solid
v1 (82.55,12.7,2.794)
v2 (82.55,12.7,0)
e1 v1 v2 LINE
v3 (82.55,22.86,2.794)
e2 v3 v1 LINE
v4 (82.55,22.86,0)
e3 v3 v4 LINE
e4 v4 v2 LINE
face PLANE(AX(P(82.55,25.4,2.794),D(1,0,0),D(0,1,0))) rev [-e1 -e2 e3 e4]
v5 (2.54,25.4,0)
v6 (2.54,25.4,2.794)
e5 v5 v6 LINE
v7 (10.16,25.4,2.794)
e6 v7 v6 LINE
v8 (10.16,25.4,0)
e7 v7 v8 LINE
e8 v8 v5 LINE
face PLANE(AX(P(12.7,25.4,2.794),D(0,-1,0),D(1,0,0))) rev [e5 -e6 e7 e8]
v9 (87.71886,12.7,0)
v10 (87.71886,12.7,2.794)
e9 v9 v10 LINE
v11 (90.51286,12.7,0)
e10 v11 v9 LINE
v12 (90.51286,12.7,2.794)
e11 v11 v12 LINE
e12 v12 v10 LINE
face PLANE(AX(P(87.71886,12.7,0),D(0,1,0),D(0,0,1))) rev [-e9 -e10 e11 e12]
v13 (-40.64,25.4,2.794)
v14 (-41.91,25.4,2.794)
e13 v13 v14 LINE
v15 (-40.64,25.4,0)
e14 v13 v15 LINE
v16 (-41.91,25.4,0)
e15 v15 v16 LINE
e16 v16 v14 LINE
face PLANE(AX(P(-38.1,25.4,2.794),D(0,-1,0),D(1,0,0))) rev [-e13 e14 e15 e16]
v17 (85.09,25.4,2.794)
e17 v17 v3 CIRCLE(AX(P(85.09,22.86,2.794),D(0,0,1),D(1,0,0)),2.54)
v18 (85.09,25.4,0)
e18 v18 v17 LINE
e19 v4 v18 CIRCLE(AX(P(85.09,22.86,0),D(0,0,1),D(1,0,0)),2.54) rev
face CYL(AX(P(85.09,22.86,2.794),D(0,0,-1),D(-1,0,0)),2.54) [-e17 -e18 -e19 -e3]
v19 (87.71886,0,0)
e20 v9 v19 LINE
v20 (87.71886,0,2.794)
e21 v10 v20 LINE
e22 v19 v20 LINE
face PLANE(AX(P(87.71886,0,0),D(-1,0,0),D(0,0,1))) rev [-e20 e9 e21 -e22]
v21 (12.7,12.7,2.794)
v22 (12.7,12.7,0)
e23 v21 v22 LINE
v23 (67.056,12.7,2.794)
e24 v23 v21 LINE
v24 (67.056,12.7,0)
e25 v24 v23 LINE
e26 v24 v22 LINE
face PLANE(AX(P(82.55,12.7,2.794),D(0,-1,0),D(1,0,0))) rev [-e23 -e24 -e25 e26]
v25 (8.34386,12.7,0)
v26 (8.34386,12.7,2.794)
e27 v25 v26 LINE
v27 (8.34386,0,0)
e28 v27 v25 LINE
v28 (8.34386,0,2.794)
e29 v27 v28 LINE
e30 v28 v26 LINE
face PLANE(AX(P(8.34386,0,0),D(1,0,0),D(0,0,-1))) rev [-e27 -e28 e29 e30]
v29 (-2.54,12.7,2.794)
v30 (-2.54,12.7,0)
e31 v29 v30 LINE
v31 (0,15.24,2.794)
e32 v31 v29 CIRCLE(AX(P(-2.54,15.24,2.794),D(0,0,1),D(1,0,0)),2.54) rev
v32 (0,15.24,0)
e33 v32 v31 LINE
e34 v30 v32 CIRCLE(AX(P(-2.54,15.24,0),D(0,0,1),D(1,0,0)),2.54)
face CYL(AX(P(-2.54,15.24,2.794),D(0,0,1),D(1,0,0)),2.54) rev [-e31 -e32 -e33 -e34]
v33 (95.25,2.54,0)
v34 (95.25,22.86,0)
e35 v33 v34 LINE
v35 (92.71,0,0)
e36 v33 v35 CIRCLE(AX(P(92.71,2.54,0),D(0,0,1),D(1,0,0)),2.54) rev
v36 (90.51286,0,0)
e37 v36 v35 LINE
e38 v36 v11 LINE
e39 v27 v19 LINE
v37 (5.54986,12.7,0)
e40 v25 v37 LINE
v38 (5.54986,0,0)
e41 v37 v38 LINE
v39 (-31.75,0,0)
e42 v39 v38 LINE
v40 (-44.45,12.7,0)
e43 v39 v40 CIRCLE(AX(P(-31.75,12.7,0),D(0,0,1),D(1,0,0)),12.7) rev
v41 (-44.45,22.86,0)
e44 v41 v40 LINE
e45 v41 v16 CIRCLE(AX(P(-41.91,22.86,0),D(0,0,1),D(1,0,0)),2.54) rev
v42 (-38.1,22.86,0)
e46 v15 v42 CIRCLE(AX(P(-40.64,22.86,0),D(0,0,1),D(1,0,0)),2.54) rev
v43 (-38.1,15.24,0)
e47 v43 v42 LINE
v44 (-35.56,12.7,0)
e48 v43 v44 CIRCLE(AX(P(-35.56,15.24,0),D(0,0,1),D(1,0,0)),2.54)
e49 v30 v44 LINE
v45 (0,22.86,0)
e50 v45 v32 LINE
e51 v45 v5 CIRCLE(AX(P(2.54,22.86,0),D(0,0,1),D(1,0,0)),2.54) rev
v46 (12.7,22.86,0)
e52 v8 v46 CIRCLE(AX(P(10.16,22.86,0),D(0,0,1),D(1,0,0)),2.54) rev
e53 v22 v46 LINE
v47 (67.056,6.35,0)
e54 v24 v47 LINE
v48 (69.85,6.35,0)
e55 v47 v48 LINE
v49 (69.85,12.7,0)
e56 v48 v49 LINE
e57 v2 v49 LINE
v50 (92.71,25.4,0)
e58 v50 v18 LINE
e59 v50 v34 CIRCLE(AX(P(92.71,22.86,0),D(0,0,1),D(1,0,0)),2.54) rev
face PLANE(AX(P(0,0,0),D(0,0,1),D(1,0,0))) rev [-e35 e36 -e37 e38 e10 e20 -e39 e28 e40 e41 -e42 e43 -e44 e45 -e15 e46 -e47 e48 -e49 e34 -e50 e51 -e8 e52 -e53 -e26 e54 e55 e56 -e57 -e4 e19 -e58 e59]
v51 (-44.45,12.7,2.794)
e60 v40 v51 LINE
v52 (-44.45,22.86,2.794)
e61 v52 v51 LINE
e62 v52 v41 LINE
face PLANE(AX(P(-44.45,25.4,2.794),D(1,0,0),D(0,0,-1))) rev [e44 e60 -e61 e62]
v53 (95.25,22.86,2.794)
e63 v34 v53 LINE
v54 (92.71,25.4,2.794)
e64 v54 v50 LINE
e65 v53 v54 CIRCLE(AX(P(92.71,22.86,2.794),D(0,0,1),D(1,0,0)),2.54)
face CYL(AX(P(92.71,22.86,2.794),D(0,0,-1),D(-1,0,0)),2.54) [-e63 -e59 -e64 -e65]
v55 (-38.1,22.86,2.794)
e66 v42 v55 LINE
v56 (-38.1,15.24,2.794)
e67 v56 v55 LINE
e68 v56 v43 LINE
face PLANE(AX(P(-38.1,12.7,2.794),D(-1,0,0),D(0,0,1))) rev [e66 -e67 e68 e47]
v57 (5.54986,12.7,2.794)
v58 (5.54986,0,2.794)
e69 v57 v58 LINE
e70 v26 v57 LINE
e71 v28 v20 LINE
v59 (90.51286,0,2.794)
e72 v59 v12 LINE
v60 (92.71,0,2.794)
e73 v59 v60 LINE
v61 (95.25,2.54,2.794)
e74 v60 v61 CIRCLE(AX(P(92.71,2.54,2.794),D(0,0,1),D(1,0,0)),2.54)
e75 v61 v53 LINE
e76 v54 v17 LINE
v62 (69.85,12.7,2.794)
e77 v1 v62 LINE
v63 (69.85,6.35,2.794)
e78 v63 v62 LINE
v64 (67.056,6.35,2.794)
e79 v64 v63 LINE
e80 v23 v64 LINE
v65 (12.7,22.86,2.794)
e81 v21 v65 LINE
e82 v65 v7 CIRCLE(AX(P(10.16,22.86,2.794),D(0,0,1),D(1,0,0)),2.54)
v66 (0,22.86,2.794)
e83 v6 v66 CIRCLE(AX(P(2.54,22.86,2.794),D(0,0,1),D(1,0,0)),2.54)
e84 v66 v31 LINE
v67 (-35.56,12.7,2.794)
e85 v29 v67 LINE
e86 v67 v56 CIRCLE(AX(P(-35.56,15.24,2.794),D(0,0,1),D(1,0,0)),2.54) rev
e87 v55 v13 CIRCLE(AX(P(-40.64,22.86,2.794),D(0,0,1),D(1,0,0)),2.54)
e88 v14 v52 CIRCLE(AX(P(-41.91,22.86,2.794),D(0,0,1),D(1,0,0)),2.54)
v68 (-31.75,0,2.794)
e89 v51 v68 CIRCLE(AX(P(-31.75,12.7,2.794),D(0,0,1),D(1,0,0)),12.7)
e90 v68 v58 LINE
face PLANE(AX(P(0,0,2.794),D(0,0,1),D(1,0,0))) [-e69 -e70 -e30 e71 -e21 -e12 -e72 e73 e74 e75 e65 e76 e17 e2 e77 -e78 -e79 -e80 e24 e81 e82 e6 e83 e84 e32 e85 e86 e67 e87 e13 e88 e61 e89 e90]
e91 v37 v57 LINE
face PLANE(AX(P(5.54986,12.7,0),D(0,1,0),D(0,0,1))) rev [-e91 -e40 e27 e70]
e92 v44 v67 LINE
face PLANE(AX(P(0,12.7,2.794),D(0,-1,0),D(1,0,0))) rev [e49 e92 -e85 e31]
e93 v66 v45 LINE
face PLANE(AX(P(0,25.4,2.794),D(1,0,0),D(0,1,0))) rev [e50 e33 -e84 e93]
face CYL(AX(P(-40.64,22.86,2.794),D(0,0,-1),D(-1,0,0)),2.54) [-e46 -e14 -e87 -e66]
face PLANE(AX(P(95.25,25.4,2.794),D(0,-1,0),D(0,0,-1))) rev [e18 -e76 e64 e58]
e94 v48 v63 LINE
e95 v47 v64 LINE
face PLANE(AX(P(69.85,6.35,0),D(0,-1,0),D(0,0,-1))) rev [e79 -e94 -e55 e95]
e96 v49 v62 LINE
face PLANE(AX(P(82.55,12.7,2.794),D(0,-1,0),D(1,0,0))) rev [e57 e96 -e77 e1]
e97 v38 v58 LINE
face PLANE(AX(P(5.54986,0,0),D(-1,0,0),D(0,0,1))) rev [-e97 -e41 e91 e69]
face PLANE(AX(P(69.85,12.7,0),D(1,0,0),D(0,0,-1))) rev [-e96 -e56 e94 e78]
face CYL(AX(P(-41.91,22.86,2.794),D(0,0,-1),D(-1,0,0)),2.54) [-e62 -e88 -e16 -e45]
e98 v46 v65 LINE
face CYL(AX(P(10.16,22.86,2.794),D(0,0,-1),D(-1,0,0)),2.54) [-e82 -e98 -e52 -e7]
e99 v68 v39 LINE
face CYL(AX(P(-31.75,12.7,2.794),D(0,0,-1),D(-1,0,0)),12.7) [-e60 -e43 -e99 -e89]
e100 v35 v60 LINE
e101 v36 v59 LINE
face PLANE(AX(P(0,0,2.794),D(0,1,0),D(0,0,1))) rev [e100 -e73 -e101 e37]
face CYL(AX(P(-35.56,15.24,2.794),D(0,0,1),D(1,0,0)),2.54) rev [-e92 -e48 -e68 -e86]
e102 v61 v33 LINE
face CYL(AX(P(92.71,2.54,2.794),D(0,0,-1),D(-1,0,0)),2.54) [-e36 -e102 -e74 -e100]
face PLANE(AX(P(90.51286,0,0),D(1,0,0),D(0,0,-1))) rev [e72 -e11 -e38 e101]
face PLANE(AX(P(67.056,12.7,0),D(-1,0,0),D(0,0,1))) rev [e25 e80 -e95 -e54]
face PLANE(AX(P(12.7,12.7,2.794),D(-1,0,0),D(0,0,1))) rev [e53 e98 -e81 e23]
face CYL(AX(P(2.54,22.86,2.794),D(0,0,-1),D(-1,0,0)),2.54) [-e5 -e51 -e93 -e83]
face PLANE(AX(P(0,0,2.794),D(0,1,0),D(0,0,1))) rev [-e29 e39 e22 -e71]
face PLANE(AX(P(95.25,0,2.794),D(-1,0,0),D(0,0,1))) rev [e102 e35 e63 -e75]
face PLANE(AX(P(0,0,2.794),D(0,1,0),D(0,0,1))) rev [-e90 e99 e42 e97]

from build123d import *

# Parameters (mm, degrees)
BOSS_EXTRUDE1_DEPTH = 2.794
FILLET1_R           = 2.54
SKETCH2_W           = 2.794
SKETCH2_H           = 12.7
SKETCH2_H_2         = 6.35
CUT_EXTRUDE1_DEPTH  = 99.618096392
FILLET2_R           = 12.7


with BuildPart() as part:
    # Sketch1 → Boss-Extrude1 (new body)
    with BuildSketch(Plane.XY):
        Polygon((0, 0), (95.25, 0), (95.25, 25.4), (82.55, 25.4), (82.55, 12.7), (12.7, 12.7), (12.7, 25.4), (0, 25.4), (0, 12.7), (-38.1, 12.7), (-38.1, 25.4), (-44.45, 25.4), (-44.45, 0), align=None)
    extrude(amount=BOSS_EXTRUDE1_DEPTH)

    # Fillet1
    fillet1_edges = [part.edges().sort_by_distance(p)[0] for p in [
        (-44.45, 25.4, 1.397),
        (-38.1, 25.4, 1.397),
        (-38.1, 12.7, 1.397),
        (0, 12.7, 1.397),
        (0, 25.4, 1.397),
        (12.7, 25.4, 1.397),
        (82.55, 25.4, 1.397),
        (95.25, 25.4, 1.397),
        (95.25, 0, 1.397),
    ]]
    fillet(fillet1_edges, radius=FILLET1_R)

    # Sketch2 → Cut-Extrude1 (cut, through all)
    with BuildSketch(Plane.XY.offset(2.794)):
        with Locations((89.115859958, 6.35)):
            Rectangle(SKETCH2_W, SKETCH2_H)
        with Locations((6.946859958, 6.35)):
            Rectangle(SKETCH2_W, SKETCH2_H)
        with Locations((68.453, 9.525)):
            Rectangle(SKETCH2_W, SKETCH2_H_2)
    extrude(amount=-CUT_EXTRUDE1_DEPTH, mode=Mode.SUBTRACT)

    # Fillet2
    fillet2_edges = [part.edges().sort_by_distance(p)[0] for p in [
        (-44.45, 0, 1.397),
    ]]
    fillet(fillet2_edges, radius=FILLET2_R)


solid = part.part
